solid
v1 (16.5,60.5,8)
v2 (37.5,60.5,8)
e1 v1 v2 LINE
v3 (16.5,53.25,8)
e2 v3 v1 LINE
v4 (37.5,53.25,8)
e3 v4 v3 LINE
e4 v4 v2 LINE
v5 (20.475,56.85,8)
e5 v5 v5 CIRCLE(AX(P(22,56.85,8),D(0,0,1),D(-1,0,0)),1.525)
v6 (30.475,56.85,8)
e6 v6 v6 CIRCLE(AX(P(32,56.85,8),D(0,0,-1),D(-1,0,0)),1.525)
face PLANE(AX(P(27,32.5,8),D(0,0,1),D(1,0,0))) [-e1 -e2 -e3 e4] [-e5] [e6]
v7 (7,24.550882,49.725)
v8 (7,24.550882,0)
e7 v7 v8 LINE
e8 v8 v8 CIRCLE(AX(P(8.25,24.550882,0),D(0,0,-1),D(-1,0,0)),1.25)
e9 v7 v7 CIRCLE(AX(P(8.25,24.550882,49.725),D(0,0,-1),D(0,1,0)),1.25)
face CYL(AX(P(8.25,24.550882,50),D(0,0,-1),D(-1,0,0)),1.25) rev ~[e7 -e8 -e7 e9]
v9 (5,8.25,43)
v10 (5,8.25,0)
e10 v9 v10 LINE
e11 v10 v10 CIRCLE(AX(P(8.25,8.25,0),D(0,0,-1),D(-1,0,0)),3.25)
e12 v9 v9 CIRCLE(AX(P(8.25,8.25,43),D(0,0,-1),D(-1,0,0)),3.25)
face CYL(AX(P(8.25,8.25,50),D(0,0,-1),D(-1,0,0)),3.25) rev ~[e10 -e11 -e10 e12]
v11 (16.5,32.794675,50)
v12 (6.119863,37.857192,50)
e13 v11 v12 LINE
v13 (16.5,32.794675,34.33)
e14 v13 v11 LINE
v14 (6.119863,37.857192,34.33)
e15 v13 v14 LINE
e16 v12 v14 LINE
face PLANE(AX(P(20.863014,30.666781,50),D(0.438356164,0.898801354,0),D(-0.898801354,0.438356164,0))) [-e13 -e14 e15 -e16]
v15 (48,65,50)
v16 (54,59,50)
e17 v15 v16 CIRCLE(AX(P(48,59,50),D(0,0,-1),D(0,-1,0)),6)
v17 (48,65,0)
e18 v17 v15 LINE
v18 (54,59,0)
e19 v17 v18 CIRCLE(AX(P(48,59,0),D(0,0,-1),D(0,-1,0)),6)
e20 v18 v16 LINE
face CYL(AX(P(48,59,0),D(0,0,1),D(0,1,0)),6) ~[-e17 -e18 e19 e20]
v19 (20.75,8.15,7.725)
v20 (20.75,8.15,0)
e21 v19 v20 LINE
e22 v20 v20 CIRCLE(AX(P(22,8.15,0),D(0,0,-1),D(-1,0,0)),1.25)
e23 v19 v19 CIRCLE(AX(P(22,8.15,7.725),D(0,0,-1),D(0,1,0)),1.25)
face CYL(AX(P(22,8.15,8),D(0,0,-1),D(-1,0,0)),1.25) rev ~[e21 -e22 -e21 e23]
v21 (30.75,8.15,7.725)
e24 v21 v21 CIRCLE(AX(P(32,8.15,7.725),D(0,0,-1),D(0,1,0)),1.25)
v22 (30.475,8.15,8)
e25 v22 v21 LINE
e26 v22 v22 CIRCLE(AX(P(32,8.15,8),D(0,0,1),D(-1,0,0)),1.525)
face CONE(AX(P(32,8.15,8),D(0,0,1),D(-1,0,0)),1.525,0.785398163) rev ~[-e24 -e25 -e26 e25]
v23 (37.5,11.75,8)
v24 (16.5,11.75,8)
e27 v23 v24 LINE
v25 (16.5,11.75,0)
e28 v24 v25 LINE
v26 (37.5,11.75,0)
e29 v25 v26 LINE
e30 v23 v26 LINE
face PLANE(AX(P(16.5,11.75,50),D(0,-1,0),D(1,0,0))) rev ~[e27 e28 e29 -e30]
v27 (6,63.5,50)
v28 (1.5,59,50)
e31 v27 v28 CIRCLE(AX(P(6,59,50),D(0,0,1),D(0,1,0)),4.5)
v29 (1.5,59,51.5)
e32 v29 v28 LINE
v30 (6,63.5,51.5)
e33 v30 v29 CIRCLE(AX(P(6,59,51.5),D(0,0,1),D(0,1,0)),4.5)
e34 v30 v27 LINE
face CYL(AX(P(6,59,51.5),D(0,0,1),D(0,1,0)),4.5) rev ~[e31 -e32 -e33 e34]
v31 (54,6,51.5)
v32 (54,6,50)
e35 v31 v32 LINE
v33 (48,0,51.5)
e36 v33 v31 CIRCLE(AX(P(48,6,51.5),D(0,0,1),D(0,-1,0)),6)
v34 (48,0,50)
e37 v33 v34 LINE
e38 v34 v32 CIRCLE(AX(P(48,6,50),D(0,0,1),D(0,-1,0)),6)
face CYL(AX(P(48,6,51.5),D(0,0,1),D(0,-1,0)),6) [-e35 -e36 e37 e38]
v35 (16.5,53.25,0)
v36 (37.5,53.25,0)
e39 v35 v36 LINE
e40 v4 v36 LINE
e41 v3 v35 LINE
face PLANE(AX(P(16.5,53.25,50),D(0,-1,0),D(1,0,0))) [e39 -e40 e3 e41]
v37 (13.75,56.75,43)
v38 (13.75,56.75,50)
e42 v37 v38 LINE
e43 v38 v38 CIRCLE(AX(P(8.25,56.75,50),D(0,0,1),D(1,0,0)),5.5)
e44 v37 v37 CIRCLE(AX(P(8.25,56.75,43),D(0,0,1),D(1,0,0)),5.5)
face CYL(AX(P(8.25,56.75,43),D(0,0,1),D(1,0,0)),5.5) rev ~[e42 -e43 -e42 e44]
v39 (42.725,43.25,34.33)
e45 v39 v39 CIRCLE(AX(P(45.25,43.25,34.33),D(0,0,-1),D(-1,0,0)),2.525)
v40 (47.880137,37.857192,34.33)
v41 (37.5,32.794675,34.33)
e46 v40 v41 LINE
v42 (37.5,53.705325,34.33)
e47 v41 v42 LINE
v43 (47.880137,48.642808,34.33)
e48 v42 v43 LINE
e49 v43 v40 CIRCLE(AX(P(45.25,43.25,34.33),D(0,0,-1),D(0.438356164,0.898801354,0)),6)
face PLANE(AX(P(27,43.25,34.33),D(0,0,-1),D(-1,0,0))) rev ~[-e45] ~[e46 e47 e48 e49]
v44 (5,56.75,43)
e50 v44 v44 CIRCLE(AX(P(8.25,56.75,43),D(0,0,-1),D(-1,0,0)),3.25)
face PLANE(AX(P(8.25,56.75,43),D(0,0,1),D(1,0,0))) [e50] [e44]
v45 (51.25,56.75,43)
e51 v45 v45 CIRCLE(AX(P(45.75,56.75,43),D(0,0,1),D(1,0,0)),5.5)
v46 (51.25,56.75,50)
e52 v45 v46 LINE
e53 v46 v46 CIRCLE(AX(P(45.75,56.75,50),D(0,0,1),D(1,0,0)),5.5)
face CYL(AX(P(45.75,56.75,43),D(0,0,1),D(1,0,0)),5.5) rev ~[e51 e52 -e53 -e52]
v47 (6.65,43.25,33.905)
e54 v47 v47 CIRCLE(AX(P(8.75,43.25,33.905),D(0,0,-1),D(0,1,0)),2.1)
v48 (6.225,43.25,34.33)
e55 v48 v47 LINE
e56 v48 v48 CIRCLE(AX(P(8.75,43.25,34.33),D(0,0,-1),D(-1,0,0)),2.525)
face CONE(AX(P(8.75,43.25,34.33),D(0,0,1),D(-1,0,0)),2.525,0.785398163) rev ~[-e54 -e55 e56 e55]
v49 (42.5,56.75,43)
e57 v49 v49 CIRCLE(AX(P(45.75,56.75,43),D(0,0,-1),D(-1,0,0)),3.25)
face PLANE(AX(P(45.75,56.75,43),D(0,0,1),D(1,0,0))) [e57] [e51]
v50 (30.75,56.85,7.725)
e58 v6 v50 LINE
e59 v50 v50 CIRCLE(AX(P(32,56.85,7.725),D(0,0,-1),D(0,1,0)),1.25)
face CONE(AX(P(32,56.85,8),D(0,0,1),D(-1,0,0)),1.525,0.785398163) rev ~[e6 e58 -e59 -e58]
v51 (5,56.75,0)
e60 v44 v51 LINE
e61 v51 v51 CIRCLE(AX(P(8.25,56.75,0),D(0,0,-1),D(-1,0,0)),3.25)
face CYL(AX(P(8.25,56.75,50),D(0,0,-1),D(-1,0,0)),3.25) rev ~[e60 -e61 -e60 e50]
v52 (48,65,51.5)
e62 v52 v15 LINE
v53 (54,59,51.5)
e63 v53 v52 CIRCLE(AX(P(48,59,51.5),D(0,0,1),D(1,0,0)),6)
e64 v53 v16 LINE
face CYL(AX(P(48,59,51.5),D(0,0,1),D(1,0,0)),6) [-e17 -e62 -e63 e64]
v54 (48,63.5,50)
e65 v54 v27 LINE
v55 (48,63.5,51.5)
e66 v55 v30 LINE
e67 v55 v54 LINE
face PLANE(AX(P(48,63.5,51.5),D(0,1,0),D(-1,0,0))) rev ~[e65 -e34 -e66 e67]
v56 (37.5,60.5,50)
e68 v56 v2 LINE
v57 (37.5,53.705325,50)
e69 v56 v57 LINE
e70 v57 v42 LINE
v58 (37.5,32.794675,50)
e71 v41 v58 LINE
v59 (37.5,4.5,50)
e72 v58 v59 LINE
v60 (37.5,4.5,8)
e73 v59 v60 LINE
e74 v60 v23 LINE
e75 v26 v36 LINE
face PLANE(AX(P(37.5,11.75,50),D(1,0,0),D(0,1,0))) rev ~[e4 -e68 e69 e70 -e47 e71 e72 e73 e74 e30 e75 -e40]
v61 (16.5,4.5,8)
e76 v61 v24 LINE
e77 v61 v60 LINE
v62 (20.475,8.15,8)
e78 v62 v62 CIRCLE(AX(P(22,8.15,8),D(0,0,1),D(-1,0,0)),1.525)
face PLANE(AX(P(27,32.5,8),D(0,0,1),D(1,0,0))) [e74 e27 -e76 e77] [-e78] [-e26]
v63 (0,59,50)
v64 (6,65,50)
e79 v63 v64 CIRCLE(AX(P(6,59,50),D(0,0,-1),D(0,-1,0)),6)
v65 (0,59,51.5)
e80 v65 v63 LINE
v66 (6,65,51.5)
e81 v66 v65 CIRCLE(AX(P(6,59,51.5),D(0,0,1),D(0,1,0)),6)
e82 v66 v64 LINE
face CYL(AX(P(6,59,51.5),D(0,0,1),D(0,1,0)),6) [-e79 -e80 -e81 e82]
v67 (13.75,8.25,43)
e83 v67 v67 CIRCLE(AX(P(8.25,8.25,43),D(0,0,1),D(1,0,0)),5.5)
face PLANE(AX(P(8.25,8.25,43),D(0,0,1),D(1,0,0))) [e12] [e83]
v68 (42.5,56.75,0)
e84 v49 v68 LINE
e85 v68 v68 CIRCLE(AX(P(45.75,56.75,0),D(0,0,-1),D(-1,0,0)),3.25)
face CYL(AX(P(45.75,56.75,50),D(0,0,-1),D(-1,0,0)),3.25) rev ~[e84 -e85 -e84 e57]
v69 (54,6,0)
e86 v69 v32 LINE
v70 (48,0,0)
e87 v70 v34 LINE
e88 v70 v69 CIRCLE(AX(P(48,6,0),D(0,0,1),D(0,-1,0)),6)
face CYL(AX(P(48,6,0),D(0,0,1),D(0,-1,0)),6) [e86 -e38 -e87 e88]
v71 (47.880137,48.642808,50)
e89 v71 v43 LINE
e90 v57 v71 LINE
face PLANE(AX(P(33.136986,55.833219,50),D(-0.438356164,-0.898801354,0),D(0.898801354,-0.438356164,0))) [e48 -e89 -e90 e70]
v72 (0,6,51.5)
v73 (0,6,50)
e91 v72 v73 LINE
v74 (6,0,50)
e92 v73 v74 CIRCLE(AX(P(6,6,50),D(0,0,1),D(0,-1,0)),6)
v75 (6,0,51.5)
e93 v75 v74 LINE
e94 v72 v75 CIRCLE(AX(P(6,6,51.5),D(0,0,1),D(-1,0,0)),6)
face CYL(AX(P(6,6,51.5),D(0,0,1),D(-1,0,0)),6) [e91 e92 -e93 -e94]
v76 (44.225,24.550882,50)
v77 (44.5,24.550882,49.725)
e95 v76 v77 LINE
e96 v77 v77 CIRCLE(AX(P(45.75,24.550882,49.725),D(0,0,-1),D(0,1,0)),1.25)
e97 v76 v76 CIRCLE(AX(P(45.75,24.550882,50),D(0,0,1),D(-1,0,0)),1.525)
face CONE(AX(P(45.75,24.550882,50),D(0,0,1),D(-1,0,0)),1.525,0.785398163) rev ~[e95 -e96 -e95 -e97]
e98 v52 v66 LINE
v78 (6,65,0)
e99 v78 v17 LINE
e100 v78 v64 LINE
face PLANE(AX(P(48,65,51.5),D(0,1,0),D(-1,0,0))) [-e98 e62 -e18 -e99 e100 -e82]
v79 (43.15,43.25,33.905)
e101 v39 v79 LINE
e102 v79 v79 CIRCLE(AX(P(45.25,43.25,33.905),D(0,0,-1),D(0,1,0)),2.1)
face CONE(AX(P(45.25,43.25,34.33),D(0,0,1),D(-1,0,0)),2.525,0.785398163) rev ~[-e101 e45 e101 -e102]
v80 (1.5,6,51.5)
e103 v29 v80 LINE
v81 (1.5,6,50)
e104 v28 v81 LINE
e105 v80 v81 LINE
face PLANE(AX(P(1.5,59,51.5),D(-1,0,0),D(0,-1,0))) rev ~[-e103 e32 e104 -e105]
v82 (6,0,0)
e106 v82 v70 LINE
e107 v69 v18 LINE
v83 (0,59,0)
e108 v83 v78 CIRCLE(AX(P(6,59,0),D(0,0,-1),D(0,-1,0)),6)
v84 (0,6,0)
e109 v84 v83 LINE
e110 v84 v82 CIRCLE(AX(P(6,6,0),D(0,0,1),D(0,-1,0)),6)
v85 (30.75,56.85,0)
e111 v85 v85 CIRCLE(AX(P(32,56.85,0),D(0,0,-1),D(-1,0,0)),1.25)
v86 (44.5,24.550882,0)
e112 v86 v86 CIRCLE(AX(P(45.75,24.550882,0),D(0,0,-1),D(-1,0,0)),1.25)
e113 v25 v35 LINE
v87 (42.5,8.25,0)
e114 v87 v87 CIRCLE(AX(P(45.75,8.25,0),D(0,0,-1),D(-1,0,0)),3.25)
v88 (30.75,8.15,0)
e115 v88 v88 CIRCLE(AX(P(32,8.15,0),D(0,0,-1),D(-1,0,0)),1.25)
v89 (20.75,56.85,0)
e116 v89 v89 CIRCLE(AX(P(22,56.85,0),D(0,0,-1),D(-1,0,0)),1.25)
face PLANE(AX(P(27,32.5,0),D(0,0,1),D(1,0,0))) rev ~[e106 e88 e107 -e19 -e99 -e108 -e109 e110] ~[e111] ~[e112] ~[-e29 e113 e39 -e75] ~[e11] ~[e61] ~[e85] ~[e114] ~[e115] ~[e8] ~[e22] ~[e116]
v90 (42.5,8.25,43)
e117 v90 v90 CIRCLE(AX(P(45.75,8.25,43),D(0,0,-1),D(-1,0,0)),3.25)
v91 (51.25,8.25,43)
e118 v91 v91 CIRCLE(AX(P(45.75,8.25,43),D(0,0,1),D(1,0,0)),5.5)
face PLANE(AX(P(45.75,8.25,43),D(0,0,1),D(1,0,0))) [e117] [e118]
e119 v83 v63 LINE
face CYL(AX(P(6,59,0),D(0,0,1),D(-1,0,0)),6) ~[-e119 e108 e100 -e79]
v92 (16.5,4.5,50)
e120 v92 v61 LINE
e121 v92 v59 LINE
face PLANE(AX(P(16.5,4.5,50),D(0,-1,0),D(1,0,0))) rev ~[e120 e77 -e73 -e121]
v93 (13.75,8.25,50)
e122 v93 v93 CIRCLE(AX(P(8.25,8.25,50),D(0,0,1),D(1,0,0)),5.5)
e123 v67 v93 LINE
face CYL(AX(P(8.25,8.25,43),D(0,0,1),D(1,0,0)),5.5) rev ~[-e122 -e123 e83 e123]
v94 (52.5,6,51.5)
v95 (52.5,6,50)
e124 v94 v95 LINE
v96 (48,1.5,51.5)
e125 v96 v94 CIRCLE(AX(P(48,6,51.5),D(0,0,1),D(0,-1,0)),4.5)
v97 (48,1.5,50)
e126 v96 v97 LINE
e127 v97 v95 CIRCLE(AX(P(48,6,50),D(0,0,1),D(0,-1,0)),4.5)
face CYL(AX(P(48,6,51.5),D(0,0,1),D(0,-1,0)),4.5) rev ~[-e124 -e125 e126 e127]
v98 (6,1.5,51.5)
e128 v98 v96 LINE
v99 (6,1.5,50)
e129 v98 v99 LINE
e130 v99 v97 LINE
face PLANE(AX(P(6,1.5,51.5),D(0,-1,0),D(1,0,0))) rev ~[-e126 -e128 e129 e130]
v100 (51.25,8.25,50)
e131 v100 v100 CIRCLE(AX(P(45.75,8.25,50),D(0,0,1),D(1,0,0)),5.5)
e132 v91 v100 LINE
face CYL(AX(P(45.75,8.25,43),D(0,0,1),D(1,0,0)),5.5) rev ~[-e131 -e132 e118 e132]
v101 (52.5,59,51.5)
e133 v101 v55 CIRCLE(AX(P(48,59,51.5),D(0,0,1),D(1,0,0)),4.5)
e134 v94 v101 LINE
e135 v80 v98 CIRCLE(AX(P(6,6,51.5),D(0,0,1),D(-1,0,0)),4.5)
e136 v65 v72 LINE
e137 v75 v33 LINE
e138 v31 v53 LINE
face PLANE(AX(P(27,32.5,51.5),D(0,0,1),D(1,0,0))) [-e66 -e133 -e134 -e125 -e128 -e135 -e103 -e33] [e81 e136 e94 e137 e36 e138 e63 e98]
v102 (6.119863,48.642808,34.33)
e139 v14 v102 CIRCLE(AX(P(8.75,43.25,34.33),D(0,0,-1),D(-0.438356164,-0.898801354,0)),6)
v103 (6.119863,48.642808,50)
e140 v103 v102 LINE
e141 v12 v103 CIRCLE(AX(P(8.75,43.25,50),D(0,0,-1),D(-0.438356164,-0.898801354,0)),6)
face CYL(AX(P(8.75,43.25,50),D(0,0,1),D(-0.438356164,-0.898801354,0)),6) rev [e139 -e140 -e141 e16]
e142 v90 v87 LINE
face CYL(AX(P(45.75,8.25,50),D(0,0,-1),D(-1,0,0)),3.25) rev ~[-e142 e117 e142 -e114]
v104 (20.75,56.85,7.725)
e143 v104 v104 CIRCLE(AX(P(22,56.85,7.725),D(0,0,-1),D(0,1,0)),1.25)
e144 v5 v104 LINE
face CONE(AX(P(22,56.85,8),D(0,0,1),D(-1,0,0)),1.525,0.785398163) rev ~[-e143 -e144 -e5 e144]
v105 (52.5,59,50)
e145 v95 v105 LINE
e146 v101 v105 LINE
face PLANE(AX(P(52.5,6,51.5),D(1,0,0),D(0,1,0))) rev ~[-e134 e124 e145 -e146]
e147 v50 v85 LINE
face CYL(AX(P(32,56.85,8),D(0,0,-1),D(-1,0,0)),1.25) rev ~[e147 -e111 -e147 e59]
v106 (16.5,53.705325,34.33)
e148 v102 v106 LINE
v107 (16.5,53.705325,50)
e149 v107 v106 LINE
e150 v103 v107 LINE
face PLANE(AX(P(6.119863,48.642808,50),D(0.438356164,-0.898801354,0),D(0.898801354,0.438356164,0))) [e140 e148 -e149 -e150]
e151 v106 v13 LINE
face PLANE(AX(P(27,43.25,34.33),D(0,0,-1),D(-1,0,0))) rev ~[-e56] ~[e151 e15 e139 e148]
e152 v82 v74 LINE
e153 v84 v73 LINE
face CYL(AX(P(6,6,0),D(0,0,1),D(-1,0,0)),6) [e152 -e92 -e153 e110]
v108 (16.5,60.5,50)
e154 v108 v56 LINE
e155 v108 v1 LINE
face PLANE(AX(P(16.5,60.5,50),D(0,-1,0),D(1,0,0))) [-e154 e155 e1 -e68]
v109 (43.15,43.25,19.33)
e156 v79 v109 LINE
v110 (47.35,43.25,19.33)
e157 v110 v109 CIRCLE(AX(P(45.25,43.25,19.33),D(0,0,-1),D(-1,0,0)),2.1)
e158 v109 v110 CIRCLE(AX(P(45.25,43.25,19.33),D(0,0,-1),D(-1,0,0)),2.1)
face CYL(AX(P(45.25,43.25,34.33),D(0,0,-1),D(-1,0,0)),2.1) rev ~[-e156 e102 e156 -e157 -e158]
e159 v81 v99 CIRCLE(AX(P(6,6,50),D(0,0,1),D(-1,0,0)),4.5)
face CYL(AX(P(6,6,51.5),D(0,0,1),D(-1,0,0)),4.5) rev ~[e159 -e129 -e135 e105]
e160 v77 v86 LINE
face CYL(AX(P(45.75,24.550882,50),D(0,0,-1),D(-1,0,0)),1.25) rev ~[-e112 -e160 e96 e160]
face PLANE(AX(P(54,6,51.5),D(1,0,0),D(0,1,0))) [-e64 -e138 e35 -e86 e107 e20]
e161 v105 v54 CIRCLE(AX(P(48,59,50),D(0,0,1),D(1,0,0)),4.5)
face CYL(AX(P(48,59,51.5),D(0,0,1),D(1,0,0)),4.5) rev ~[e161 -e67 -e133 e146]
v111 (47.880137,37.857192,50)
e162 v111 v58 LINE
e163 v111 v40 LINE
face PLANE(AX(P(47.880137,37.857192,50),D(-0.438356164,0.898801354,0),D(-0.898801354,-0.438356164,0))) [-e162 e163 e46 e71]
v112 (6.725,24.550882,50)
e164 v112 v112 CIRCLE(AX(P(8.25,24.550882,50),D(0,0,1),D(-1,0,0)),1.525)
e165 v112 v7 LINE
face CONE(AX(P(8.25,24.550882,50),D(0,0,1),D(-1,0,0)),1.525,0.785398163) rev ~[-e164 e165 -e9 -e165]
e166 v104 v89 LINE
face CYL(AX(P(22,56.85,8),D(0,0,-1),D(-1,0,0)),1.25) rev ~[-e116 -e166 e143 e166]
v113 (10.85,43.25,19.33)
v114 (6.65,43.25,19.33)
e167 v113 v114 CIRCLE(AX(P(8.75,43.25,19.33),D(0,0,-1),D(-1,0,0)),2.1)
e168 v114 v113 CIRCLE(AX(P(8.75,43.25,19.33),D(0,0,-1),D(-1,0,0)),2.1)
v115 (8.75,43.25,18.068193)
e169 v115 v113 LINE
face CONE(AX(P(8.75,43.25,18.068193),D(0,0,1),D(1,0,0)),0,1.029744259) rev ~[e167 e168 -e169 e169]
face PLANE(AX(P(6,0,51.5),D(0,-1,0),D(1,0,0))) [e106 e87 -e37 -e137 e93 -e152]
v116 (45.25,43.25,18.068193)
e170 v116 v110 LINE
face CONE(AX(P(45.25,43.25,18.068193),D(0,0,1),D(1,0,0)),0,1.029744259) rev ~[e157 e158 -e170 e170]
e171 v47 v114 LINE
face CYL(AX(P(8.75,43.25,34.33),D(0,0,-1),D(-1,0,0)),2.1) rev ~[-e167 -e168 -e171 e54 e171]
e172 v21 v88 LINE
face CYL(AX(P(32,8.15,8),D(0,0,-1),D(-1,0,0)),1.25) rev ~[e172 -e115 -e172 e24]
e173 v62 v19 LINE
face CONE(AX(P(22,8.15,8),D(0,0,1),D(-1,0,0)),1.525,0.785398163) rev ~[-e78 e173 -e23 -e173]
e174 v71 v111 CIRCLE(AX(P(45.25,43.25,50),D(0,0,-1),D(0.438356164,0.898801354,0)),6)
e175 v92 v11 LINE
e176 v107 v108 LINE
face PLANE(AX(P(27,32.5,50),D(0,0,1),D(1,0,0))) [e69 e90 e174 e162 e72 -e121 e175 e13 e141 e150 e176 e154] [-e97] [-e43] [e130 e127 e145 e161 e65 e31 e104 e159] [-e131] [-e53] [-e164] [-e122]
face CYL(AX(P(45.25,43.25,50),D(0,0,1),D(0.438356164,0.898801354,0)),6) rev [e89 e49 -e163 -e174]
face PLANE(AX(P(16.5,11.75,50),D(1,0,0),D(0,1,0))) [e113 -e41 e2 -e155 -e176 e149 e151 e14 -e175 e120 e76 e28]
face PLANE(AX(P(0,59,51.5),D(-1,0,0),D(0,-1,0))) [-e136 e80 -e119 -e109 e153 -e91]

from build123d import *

# Parameters (mm, degrees)
SKETCH1_W                   = 54
SKETCH1_H                   = 65
BOSS_EXTRUDE1_DEPTH         = 50
SKETCH2_W                   = 21
SKETCH2_H                   = 41.5
CUT_EXTRUDE1_DEPTH          = 99.188594042
FILLET1_R                   = 6
SKETCH3_W                   = 21
SKETCH3_H                   = 56
CUT_EXTRUDE2_DEPTH          = 42
CUT_EXTRUDE_THIN3_DEPTH     = 15.67
CUT_EXTRUDE3_DEPTH          = 15.67
M5_TAPPED_HOLE1_D           = 4.2
M5_TAPPED_HOLE1_DEPTH       = 15
M5_TAPPED_HOLE1_CSINK_D     = 5.05
M5_TAPPED_HOLE1_CSINK_ANGLE = 90
M5_TAPPED_HOLE1_TIP         = 1.2618073
M3_TAPPED_HOLE1_D           = 2.5
M3_TAPPED_HOLE1_CSINK_D     = 3.05
M3_TAPPED_HOLE1_CSINK_ANGLE = 90
HOLE1_D                     = 6.5
HOLE1_CBORE_D               = 11
HOLE1_CBORE_DEPTH           = 7
EXTRUDE_THIN1_START         = 1.5
EXTRUDE_THIN1_DEPTH         = 1.5
M3_TAPPED_HOLE2_D           = 2.5
M3_TAPPED_HOLE2_CSINK_D     = 3.05
M3_TAPPED_HOLE2_CSINK_ANGLE = 90


with BuildPart() as part:
    # Sketch1 → Boss-Extrude1 (new body)
    with BuildSketch(Plane.XY):
        with Locations((27, 32.5)):
            Rectangle(SKETCH1_W, SKETCH1_H)
    extrude(amount=BOSS_EXTRUDE1_DEPTH)

    # Sketch2 → Cut-Extrude1 (cut, through all)
    with BuildSketch(Plane.XY.offset(50)):
        with Locations((27, 32.5)):
            Rectangle(SKETCH2_W, SKETCH2_H)
    extrude(amount=-CUT_EXTRUDE1_DEPTH, mode=Mode.SUBTRACT)

    # Fillet1
    fillet1_edges = [part.edges().sort_by_distance(p)[0] for p in [
        (0, 65, 25),
        (54, 65, 25),
        (54, 0, 25),
        (0, 0, 25),
    ]]
    fillet(fillet1_edges, radius=FILLET1_R)

    # Sketch3 → Cut-Extrude2 (cut)
    with BuildSketch(Plane.XY.offset(50)):
        with Locations((27, 32.5)):
            Rectangle(SKETCH3_W, SKETCH3_H)
    extrude(amount=-CUT_EXTRUDE2_DEPTH, mode=Mode.SUBTRACT)

    # Sketch4 → Cut-Extrude-Thin3 (cut)
    with BuildSketch(Plane.XY.offset(50)):
        with BuildLine():
            Line((6.119863014, 48.642808121), (20.863013699, 55.83321895))
            ThreePointArc((20.863013699, 55.83321895), (27, 57.25), (33.136986301, 55.83321895))
            Line((33.136986301, 55.83321895), (47.880136986, 48.642808121))
            ThreePointArc((47.880136986, 48.642808121), (51.25, 43.25), (47.880136986, 37.857191879))
            Line((47.880136986, 37.857191879), (33.136986301, 30.66678105))
            ThreePointArc((33.136986301, 30.66678105), (27, 29.25), (20.863013699, 30.66678105))
            Line((20.863013699, 30.66678105), (6.119863014, 37.857191879))
            ThreePointArc((6.119863014, 37.857191879), (2.75, 43.25), (6.119863014, 48.642808121))
        make_face()
        with BuildLine():
            Line((6.339041096, 48.193407445), (21.082191781, 55.383818273))
            ThreePointArc((21.082191781, 55.383818273), (27, 56.75), (32.917808219, 55.383818273))
            Line((32.917808219, 55.383818273), (47.660958904, 48.193407445))
            ThreePointArc((47.660958904, 48.193407445), (50.75, 43.25), (47.660958904, 38.306592555))
            Line((47.660958904, 38.306592555), (32.917808219, 31.116181727))
            ThreePointArc((32.917808219, 31.116181727), (27, 29.75), (21.082191781, 31.116181727))
            Line((21.082191781, 31.116181727), (6.339041096, 38.306592555))
            ThreePointArc((6.339041096, 38.306592555), (3.25, 43.25), (6.339041096, 48.193407445))
        make_face(mode=Mode.SUBTRACT)
    extrude(amount=-CUT_EXTRUDE_THIN3_DEPTH, mode=Mode.SUBTRACT)

    # Sketch4<3> → Cut-Extrude3 (cut)
    with BuildSketch(Plane.XY.offset(50)):
        with BuildLine():
            Line((32.917808219, 55.383818273), (47.660958904, 48.193407445))
            ThreePointArc((47.660958904, 48.193407445), (50.75, 43.25), (47.660958904, 38.306592555))
            Line((47.660958904, 38.306592555), (32.917808219, 31.116181727))
            ThreePointArc((32.917808219, 31.116181727), (27, 29.75), (21.082191781, 31.116181727))
            Line((21.082191781, 31.116181727), (6.339041096, 38.306592555))
            ThreePointArc((6.339041096, 38.306592555), (3.25, 43.25), (6.339041096, 48.193407445))
            Line((6.339041096, 48.193407445), (21.082191781, 55.383818273))
            ThreePointArc((21.082191781, 55.383818273), (27, 56.75), (32.917808219, 55.383818273))
        make_face()
    extrude(amount=-CUT_EXTRUDE3_DEPTH, mode=Mode.SUBTRACT)

    # M5 Tapped Hole1
    with Locations(Plane(origin=(8.75, 43.25, 34.33), x_dir=(1, 0, 0), z_dir=(0, 0, 1))):
        with Locations((0, 0), (36.5, 0)):
            CounterSinkHole(M5_TAPPED_HOLE1_D / 2, M5_TAPPED_HOLE1_CSINK_D / 2, depth=M5_TAPPED_HOLE1_DEPTH, counter_sink_angle=M5_TAPPED_HOLE1_CSINK_ANGLE)
            with Locations((0, 0, -(M5_TAPPED_HOLE1_DEPTH + M5_TAPPED_HOLE1_TIP / 2))):  # 118° drill point
                Cone(0, M5_TAPPED_HOLE1_D / 2, M5_TAPPED_HOLE1_TIP, mode=Mode.SUBTRACT)

    # M3 Tapped Hole1 (through all)
    with Locations(Plane(origin=(22, 56.85, 8), x_dir=(1, 0, 0), z_dir=(0, 0, 1))):
        with Locations((0, 0), (10, 0), (10, -48.7), (0, -48.7)):
            CounterSinkHole(M3_TAPPED_HOLE1_D / 2, M3_TAPPED_HOLE1_CSINK_D / 2, counter_sink_angle=M3_TAPPED_HOLE1_CSINK_ANGLE)

    # Hole1 (through all)
    with Locations(Plane(origin=(8.25, 56.75, 50), x_dir=(1, 0, 0), z_dir=(0, 0, 1))):
        with Locations((0, 0), (37.5, 0), (37.5, -48.5), (0, -48.5)):
            CounterBoreHole(HOLE1_D / 2, HOLE1_CBORE_D / 2, HOLE1_CBORE_DEPTH)

    # Sketch10 → Extrude-Thin1 (add)
    with BuildSketch(Plane.XY.offset(50).offset(EXTRUDE_THIN1_START)):
        with BuildLine():
            Line((48, 65), (6, 65))
            ThreePointArc((6, 65), (1.757359313, 63.242640687), (0, 59))
            Line((0, 59), (0, 6))
            ThreePointArc((0, 6), (1.757359313, 1.757359313), (6, 0))
            Line((6, 0), (48, 0))
            ThreePointArc((48, 0), (52.242640687, 1.757359313), (54, 6))
            Line((54, 6), (54, 59))
            ThreePointArc((54, 59), (52.242640687, 63.242640687), (48, 65))
        make_face()
        with BuildLine():
            Line((48, 63.5), (6, 63.5))
            ThreePointArc((6, 63.5), (2.818019485, 62.181980515), (1.5, 59))
            Line((1.5, 59), (1.5, 6))
            ThreePointArc((1.5, 6), (2.818019485, 2.818019485), (6, 1.5))
            Line((6, 1.5), (48, 1.5))
            ThreePointArc((48, 1.5), (51.181980515, 2.818019485), (52.5, 6))
            Line((52.5, 6), (52.5, 59))
            ThreePointArc((52.5, 59), (51.181980515, 62.181980515), (48, 63.5))
        make_face(mode=Mode.SUBTRACT)
    extrude(amount=-EXTRUDE_THIN1_DEPTH)

    # M3 Tapped Hole2 (through all)
    with Locations(Plane(origin=(8.25, 24.550881691, 50), x_dir=(1, 0, 0), z_dir=(0, 0, 1))):
        with Locations((0, 0), (37.5, 0)):
            CounterSinkHole(M3_TAPPED_HOLE2_D / 2, M3_TAPPED_HOLE2_CSINK_D / 2, counter_sink_angle=M3_TAPPED_HOLE2_CSINK_ANGLE)


solid = part.part
